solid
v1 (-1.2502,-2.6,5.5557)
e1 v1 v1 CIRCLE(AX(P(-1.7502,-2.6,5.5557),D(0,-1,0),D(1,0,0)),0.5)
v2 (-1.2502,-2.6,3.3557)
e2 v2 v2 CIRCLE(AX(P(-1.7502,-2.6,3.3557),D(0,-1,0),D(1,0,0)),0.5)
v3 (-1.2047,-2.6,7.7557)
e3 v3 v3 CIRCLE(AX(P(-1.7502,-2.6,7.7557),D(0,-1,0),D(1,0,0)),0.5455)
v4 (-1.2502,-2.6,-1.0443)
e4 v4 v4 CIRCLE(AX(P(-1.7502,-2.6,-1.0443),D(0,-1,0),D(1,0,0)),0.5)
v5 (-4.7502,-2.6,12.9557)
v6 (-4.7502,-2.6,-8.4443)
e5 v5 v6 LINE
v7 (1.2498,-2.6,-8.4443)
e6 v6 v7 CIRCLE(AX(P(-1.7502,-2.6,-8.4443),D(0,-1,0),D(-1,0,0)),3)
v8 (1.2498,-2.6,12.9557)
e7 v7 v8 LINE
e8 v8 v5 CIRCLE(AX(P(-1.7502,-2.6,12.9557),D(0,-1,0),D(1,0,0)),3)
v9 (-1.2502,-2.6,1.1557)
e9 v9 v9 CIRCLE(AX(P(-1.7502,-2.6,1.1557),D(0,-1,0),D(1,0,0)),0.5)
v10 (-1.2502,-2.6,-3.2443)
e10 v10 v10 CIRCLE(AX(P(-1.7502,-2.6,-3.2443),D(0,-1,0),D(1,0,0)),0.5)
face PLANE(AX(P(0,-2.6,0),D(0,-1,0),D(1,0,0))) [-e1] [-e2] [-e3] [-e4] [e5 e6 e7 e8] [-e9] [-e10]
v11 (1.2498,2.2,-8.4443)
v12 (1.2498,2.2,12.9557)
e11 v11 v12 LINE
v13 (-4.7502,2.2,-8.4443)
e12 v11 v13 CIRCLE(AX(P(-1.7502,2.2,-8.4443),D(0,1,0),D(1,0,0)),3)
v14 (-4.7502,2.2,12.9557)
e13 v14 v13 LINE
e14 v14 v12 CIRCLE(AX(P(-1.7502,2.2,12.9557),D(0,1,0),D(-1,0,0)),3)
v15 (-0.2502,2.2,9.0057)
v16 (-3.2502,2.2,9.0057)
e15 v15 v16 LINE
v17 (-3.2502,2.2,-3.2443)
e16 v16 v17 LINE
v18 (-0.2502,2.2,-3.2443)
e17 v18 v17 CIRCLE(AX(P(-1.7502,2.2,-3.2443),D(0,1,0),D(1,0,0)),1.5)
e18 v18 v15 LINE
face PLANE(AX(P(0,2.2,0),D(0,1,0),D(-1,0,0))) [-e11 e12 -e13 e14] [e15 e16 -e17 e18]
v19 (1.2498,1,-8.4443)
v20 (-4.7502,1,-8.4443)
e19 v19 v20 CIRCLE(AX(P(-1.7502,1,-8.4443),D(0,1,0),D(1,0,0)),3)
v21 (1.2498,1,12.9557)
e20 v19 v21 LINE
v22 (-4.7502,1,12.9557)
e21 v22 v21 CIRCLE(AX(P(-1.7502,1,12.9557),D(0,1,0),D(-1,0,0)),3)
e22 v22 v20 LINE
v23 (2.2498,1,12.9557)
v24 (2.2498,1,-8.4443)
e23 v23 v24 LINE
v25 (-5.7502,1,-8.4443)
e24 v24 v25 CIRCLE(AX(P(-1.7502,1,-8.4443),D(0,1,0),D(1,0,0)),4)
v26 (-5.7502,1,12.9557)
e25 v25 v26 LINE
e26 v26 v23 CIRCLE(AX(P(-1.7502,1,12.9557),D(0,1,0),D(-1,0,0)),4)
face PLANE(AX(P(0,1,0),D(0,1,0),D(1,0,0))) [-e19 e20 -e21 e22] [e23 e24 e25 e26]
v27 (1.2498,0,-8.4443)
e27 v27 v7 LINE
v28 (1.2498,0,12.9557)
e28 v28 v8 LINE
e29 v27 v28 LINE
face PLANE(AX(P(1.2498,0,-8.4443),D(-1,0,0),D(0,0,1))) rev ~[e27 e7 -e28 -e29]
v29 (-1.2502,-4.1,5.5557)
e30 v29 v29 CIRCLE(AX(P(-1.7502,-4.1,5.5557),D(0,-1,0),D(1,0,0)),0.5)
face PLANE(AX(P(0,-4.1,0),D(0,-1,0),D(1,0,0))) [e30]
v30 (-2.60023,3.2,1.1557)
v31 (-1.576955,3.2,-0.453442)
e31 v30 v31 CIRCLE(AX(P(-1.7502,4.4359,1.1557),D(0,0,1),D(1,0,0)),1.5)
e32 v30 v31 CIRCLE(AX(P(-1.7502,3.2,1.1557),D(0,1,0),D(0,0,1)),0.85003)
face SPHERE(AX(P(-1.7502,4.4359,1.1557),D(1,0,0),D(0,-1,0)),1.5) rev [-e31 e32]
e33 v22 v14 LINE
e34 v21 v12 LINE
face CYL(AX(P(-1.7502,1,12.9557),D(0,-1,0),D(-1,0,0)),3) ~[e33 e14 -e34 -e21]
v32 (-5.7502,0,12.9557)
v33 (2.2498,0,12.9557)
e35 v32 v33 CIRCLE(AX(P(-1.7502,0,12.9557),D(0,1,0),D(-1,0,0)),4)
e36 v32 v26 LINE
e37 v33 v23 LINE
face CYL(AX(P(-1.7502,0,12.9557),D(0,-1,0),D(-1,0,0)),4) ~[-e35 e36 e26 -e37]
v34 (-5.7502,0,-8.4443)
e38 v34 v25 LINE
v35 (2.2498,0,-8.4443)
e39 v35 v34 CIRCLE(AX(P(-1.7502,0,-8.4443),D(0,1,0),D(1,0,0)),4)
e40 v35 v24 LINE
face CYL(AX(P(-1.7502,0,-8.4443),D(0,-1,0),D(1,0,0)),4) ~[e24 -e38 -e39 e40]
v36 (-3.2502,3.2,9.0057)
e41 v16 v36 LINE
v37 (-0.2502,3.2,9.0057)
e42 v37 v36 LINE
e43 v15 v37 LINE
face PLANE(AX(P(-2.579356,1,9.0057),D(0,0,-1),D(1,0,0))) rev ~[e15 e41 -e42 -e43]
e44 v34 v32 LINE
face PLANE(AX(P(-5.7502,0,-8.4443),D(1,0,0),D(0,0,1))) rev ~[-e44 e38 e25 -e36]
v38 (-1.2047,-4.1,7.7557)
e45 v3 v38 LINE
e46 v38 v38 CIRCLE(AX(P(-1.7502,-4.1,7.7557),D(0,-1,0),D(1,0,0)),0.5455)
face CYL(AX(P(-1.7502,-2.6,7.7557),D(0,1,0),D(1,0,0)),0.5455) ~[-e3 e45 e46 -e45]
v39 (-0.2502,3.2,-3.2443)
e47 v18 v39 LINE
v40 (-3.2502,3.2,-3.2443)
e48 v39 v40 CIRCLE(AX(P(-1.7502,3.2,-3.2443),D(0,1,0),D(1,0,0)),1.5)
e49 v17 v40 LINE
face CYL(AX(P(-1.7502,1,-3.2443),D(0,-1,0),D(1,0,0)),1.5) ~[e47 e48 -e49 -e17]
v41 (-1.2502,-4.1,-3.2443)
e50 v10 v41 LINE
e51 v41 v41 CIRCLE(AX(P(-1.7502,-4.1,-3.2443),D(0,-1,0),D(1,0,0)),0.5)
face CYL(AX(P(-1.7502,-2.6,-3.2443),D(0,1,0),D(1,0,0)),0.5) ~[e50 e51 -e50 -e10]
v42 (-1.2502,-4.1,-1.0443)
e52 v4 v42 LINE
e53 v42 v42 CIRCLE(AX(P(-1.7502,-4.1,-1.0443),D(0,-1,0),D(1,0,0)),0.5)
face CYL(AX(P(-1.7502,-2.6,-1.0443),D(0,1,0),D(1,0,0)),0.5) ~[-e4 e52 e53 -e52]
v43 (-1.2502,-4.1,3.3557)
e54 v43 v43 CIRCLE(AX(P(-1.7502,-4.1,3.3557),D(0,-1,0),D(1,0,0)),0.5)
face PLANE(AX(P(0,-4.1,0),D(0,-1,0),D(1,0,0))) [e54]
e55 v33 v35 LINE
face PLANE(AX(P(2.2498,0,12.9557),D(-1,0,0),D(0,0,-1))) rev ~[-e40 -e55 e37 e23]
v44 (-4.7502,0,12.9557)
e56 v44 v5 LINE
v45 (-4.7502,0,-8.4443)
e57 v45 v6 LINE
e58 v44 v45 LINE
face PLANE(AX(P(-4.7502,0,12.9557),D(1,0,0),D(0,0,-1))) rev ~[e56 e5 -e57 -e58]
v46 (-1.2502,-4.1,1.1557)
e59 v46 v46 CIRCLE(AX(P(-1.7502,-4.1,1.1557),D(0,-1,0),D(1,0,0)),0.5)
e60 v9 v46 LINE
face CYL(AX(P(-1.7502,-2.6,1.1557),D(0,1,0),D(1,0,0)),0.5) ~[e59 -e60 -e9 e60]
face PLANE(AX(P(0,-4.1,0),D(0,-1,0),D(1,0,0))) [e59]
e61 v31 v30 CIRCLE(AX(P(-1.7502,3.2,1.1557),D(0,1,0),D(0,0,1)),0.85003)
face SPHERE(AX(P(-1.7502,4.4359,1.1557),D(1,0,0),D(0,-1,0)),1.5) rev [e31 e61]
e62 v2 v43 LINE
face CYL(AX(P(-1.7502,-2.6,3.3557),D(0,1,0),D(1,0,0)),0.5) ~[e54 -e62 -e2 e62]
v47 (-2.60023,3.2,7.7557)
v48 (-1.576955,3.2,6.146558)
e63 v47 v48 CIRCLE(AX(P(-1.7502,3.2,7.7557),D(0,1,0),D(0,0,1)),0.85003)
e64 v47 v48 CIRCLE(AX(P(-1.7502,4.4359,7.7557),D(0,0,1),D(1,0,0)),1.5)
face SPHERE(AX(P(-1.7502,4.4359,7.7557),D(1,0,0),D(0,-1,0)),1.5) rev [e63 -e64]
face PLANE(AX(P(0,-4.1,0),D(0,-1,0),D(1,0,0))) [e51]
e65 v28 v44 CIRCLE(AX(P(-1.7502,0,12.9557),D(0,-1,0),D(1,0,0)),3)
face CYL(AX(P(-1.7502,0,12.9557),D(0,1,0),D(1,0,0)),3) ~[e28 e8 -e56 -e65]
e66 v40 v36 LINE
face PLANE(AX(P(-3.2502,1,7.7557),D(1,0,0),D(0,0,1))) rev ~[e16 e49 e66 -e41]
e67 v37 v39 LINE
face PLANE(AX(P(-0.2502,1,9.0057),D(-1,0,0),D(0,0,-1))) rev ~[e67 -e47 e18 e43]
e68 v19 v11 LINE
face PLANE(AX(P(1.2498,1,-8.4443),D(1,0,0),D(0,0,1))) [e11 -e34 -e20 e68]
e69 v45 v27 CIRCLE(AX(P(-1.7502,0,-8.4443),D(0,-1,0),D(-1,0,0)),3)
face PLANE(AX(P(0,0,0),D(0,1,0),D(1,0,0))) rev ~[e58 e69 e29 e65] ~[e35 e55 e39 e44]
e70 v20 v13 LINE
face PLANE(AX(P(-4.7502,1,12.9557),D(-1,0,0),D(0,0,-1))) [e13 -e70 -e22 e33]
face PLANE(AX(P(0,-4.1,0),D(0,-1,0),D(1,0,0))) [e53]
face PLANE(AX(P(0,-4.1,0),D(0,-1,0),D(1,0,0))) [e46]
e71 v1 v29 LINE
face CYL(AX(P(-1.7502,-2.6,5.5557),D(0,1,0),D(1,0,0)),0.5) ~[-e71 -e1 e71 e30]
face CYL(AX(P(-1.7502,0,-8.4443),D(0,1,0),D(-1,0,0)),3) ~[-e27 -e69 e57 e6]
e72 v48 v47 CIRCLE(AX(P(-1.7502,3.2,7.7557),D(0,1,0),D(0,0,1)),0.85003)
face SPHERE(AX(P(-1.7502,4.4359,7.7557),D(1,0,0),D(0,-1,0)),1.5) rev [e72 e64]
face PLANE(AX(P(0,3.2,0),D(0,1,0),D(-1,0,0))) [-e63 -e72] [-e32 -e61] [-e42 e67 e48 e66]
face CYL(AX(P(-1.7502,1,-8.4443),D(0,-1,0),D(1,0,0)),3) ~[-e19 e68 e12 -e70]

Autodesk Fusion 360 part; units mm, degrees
sketch "Sketch1" plane through (0, 0, 0) normal (0, 1, 0) x (1, 0, 0)
  line L0 (-5.7502, 8.4443) -> (-5.7502, -12.9557)
  arc A0 (-5.7502, -12.9557) -> (2.2498, -12.9557) centre (-1.7502, -12.9557) ccw
  line L1 (2.2498, -12.9557) -> (2.2498, 8.4443)
  arc A1 (2.2498, 8.4443) -> (-5.7502, 8.4443) centre (-1.7502, 8.4443) ccw
  line L2 (-1.7502, 8.4443) -> (-1.7502, -12.9557) construction
  point P0 (-1.7502, 12.4443)
  point P1 (-1.7502, -16.9557)
  dimension "d1" = 29.4
  dimension "d2" = 8
extrude "Extrude1" add sketch "Sketch1" along normal blind 1
sketch "Sketch2" plane through (0, 0, 0) normal (0, -1, 0) x (1, 0, 0)
  arc A0 (-5.7502, -8.4443) -> (2.2498, -8.4443) centre (-1.7502, -8.4443) ccw
  line L0 (2.2498, -8.4443) -> (2.2498, 12.9557)
  arc A1 (2.2498, 12.9557) -> (-5.7502, 12.9557) centre (-1.7502, 12.9557) ccw
  line L1 (-5.7502, 12.9557) -> (-5.7502, -8.4443)
  arc A2 (-4.7502, -8.4443) -> (1.2498, -8.4443) centre (-1.7502, -8.4443) ccw
  line L2 (1.2498, -8.4443) -> (1.2498, 12.9557)
  arc A3 (1.2498, 12.9557) -> (-4.7502, 12.9557) centre (-1.7502, 12.9557) ccw
  line L3 (-4.7502, 12.9557) -> (-4.7502, -8.4443)
  dimension "d5" = -1
  dimension "d6" = 6
extrude "Extrude2" add sketch "Sketch2" along normal blind 2.6 contours A2 L2 A3 L3
sketch "Sketch3" plane through (0, 1, 0) normal (0, 1, 0) x (-1, 0, 0)
  arc A0 (-2.2498, -8.4443) -> (5.7502, -8.4443) centre (1.7502, -8.4443) ccw
  line L0 (5.7502, -8.4443) -> (5.7502, 12.9557)
  arc A1 (5.7502, 12.9557) -> (-2.2498, 12.9557) centre (1.7502, 12.9557) ccw
  line L1 (-2.2498, 12.9557) -> (-2.2498, -8.4443)
  line L2 (1.7502, -12.4443) -> (1.7502, 16.9557) construction
  line L3 (0.2502, 7.7557) -> (0.2502, -3.2443)
  arc A2 (0.2502, -3.2443) -> (3.2502, -3.2443) centre (1.7502, -3.2443) ccw
  line L4 (3.2502, -3.2443) -> (3.2502, 7.7557)
  arc A3 (3.2502, 7.7557) -> (0.2502, 7.7557) centre (1.7502, 7.7557) ccw
  line L5 (1.7502, 7.7557) -> (1.7502, -3.2443) construction
  line L6 (3.2502, 7.7557) -> (3.2502, 9.0057)
  line L7 (3.2502, 9.0057) -> (0.2502, 9.0057)
  line L8 (0.2502, 9.0057) -> (0.2502, 7.7557)
  circle A4 centre (1.7502, -3.2443) radius 0.85
  circle A5 centre (1.7502, -1.0443) radius 0.85
  circle A6 centre (1.7502, 1.1557) radius 0.85
  circle A7 centre (1.7502, 3.3557) radius 0.85
  circle A8 centre (1.7502, 5.5557) radius 0.85
  circle A9 centre (1.7502, 7.7557) radius 0.85
  point P0 (1.7502, 2.2557)
  point P1 (1.7502, -4.7443)
  dimension "d9" = 7
  dimension "d10" = 3
  dimension "d11" = 1.25
  dimension "d12" = 5.5
  dimension "d13" = 1.7
  dimension "d16" = 0
  dimension "d17" = 11
extrude "Extrude3" add sketch "Sketch3" along normal blind 2.2 contours L3 A2 L4 A3 L7 | A3 L7 L8 | A3 L6 L7 | A4 | A5 | A6 | A7 | A8 | A9
sketch "Sketch4" plane through (0, 1, 0) normal (0, 1, 0) x (-1, 0, 0)
  line L0 (0.2502, 9.0057) -> (3.2502, 9.0057)
  line L1 (3.2502, 9.0057) -> (3.2502, -3.2443)
  arc A0 (0.2502, -3.2443) -> (3.2502, -3.2443) centre (1.7502, -3.2443) ccw
  line L2 (0.2502, -3.2443) -> (0.2502, 9.0057)
  arc A1 (-2.2498, -8.4443) -> (5.7502, -8.4443) centre (1.7502, -8.4443) ccw
  line L3 (5.7502, -8.4443) -> (5.7502, 12.9557)
  arc A2 (5.7502, 12.9557) -> (-2.2498, 12.9557) centre (1.7502, 12.9557) ccw
  line L4 (-2.2498, 12.9557) -> (-2.2498, -8.4443)
  line L5 (4.7502, 12.9557) -> (4.7502, -8.4443)
  arc A3 (-1.2498, -8.4443) -> (4.7502, -8.4443) centre (1.7502, -8.4443) ccw
  line L6 (-1.2498, -8.4443) -> (-1.2498, 12.9557)
  arc A4 (4.7502, 12.9557) -> (-1.2498, 12.9557) centre (1.7502, 12.9557) ccw
extrude "Extrude4" add sketch "Sketch4" along normal blind 1.2 contours L5 A3 L6 A4
sketch "Sketch5" plane through (0, -2.6, 0) normal (0, -1, 0) x (1, 0, 0)
  line L0 (-4.7502, 12.9557) -> (-4.7502, -8.4443)
  arc A0 (-4.7502, -8.4443) -> (1.2498, -8.4443) centre (-1.7502, -8.4443) ccw
  line L1 (1.2498, -8.4443) -> (1.2498, 12.9557)
  arc A1 (1.2498, 12.9557) -> (-4.7502, 12.9557) centre (-1.7502, 12.9557) ccw
  line L2 (-0.2502, 9.0057) -> (-0.2502, -3.2443)
  arc A2 (-3.2502, -3.2443) -> (-0.2502, -3.2443) centre (-1.7502, -3.2443) ccw
  line L3 (-3.2502, -3.2443) -> (-3.2502, 9.0057)
  line L4 (-3.2502, 9.0057) -> (-0.2502, 9.0057)
  circle A3 centre (-1.7502, 7.7557) radius 0.5455
  circle A4 centre (-1.7502, 5.5557) radius 0.5
  circle A5 centre (-1.7502, 3.3557) radius 0.5
  circle A6 centre (-1.7502, 1.1557) radius 0.5
  circle A7 centre (-1.7502, -1.0443) radius 0.5
  circle A8 centre (-1.7502, -3.2443) radius 0.5
  dimension "d22" = 1
extrude "Extrude5" add sketch "Sketch5" along normal blind 1.5 contours A3 | A4 | A5 | A6 | A7 | A8
sketch "Sketch6" plane through (0, 3.2, 0) normal (0, 1, 0) x (-1, 0, 0)
  line L0 (0.2502, 9.0057) -> (0.2502, -3.2443)
  arc A0 (0.2502, -3.2443) -> (3.2502, -3.2443) centre (1.7502, -3.2443) ccw
  line L1 (3.2502, -3.2443) -> (3.2502, 9.0057)
  line L2 (3.2502, 9.0057) -> (0.2502, 9.0057)
  circle A1 centre (1.7502, 7.7557) radius 0.85
  line L3 (0.9002, 7.7557) -> (2.6002, 7.7557)
  point P0 (1.7502, 7.7557)
ref_plane "WorkPlane1" through (-1.7502, 3.2, 7.7557) normal (0, 0, 1) x (-1, 0, 0)
sketch "Sketch7" plane through (-1.7502, 3.2, 7.7557) normal (0, 0, 1) x (1, 0, 0)
  circle A0 centre (0, 1.2359) radius 1.5
  line L0 (1.5, 1.2359) -> (-1.5, 1.2359)
  point P0 (-0.85, 0)
  point P1 (0.85, 0)
  dimension "d26" = 3
revolve "Revolve1" cut sketch "Sketch7" angle 360 about axis through (-0.2502, 4.4359, 7.7557) along (-1, 0, 0) contours A0 L0 picked at (-0.3665, 0.8958)
pattern_linear "R-Pattern1" count 6 spacing 2.2 along (0, 0, -1) of "Revolve1"
